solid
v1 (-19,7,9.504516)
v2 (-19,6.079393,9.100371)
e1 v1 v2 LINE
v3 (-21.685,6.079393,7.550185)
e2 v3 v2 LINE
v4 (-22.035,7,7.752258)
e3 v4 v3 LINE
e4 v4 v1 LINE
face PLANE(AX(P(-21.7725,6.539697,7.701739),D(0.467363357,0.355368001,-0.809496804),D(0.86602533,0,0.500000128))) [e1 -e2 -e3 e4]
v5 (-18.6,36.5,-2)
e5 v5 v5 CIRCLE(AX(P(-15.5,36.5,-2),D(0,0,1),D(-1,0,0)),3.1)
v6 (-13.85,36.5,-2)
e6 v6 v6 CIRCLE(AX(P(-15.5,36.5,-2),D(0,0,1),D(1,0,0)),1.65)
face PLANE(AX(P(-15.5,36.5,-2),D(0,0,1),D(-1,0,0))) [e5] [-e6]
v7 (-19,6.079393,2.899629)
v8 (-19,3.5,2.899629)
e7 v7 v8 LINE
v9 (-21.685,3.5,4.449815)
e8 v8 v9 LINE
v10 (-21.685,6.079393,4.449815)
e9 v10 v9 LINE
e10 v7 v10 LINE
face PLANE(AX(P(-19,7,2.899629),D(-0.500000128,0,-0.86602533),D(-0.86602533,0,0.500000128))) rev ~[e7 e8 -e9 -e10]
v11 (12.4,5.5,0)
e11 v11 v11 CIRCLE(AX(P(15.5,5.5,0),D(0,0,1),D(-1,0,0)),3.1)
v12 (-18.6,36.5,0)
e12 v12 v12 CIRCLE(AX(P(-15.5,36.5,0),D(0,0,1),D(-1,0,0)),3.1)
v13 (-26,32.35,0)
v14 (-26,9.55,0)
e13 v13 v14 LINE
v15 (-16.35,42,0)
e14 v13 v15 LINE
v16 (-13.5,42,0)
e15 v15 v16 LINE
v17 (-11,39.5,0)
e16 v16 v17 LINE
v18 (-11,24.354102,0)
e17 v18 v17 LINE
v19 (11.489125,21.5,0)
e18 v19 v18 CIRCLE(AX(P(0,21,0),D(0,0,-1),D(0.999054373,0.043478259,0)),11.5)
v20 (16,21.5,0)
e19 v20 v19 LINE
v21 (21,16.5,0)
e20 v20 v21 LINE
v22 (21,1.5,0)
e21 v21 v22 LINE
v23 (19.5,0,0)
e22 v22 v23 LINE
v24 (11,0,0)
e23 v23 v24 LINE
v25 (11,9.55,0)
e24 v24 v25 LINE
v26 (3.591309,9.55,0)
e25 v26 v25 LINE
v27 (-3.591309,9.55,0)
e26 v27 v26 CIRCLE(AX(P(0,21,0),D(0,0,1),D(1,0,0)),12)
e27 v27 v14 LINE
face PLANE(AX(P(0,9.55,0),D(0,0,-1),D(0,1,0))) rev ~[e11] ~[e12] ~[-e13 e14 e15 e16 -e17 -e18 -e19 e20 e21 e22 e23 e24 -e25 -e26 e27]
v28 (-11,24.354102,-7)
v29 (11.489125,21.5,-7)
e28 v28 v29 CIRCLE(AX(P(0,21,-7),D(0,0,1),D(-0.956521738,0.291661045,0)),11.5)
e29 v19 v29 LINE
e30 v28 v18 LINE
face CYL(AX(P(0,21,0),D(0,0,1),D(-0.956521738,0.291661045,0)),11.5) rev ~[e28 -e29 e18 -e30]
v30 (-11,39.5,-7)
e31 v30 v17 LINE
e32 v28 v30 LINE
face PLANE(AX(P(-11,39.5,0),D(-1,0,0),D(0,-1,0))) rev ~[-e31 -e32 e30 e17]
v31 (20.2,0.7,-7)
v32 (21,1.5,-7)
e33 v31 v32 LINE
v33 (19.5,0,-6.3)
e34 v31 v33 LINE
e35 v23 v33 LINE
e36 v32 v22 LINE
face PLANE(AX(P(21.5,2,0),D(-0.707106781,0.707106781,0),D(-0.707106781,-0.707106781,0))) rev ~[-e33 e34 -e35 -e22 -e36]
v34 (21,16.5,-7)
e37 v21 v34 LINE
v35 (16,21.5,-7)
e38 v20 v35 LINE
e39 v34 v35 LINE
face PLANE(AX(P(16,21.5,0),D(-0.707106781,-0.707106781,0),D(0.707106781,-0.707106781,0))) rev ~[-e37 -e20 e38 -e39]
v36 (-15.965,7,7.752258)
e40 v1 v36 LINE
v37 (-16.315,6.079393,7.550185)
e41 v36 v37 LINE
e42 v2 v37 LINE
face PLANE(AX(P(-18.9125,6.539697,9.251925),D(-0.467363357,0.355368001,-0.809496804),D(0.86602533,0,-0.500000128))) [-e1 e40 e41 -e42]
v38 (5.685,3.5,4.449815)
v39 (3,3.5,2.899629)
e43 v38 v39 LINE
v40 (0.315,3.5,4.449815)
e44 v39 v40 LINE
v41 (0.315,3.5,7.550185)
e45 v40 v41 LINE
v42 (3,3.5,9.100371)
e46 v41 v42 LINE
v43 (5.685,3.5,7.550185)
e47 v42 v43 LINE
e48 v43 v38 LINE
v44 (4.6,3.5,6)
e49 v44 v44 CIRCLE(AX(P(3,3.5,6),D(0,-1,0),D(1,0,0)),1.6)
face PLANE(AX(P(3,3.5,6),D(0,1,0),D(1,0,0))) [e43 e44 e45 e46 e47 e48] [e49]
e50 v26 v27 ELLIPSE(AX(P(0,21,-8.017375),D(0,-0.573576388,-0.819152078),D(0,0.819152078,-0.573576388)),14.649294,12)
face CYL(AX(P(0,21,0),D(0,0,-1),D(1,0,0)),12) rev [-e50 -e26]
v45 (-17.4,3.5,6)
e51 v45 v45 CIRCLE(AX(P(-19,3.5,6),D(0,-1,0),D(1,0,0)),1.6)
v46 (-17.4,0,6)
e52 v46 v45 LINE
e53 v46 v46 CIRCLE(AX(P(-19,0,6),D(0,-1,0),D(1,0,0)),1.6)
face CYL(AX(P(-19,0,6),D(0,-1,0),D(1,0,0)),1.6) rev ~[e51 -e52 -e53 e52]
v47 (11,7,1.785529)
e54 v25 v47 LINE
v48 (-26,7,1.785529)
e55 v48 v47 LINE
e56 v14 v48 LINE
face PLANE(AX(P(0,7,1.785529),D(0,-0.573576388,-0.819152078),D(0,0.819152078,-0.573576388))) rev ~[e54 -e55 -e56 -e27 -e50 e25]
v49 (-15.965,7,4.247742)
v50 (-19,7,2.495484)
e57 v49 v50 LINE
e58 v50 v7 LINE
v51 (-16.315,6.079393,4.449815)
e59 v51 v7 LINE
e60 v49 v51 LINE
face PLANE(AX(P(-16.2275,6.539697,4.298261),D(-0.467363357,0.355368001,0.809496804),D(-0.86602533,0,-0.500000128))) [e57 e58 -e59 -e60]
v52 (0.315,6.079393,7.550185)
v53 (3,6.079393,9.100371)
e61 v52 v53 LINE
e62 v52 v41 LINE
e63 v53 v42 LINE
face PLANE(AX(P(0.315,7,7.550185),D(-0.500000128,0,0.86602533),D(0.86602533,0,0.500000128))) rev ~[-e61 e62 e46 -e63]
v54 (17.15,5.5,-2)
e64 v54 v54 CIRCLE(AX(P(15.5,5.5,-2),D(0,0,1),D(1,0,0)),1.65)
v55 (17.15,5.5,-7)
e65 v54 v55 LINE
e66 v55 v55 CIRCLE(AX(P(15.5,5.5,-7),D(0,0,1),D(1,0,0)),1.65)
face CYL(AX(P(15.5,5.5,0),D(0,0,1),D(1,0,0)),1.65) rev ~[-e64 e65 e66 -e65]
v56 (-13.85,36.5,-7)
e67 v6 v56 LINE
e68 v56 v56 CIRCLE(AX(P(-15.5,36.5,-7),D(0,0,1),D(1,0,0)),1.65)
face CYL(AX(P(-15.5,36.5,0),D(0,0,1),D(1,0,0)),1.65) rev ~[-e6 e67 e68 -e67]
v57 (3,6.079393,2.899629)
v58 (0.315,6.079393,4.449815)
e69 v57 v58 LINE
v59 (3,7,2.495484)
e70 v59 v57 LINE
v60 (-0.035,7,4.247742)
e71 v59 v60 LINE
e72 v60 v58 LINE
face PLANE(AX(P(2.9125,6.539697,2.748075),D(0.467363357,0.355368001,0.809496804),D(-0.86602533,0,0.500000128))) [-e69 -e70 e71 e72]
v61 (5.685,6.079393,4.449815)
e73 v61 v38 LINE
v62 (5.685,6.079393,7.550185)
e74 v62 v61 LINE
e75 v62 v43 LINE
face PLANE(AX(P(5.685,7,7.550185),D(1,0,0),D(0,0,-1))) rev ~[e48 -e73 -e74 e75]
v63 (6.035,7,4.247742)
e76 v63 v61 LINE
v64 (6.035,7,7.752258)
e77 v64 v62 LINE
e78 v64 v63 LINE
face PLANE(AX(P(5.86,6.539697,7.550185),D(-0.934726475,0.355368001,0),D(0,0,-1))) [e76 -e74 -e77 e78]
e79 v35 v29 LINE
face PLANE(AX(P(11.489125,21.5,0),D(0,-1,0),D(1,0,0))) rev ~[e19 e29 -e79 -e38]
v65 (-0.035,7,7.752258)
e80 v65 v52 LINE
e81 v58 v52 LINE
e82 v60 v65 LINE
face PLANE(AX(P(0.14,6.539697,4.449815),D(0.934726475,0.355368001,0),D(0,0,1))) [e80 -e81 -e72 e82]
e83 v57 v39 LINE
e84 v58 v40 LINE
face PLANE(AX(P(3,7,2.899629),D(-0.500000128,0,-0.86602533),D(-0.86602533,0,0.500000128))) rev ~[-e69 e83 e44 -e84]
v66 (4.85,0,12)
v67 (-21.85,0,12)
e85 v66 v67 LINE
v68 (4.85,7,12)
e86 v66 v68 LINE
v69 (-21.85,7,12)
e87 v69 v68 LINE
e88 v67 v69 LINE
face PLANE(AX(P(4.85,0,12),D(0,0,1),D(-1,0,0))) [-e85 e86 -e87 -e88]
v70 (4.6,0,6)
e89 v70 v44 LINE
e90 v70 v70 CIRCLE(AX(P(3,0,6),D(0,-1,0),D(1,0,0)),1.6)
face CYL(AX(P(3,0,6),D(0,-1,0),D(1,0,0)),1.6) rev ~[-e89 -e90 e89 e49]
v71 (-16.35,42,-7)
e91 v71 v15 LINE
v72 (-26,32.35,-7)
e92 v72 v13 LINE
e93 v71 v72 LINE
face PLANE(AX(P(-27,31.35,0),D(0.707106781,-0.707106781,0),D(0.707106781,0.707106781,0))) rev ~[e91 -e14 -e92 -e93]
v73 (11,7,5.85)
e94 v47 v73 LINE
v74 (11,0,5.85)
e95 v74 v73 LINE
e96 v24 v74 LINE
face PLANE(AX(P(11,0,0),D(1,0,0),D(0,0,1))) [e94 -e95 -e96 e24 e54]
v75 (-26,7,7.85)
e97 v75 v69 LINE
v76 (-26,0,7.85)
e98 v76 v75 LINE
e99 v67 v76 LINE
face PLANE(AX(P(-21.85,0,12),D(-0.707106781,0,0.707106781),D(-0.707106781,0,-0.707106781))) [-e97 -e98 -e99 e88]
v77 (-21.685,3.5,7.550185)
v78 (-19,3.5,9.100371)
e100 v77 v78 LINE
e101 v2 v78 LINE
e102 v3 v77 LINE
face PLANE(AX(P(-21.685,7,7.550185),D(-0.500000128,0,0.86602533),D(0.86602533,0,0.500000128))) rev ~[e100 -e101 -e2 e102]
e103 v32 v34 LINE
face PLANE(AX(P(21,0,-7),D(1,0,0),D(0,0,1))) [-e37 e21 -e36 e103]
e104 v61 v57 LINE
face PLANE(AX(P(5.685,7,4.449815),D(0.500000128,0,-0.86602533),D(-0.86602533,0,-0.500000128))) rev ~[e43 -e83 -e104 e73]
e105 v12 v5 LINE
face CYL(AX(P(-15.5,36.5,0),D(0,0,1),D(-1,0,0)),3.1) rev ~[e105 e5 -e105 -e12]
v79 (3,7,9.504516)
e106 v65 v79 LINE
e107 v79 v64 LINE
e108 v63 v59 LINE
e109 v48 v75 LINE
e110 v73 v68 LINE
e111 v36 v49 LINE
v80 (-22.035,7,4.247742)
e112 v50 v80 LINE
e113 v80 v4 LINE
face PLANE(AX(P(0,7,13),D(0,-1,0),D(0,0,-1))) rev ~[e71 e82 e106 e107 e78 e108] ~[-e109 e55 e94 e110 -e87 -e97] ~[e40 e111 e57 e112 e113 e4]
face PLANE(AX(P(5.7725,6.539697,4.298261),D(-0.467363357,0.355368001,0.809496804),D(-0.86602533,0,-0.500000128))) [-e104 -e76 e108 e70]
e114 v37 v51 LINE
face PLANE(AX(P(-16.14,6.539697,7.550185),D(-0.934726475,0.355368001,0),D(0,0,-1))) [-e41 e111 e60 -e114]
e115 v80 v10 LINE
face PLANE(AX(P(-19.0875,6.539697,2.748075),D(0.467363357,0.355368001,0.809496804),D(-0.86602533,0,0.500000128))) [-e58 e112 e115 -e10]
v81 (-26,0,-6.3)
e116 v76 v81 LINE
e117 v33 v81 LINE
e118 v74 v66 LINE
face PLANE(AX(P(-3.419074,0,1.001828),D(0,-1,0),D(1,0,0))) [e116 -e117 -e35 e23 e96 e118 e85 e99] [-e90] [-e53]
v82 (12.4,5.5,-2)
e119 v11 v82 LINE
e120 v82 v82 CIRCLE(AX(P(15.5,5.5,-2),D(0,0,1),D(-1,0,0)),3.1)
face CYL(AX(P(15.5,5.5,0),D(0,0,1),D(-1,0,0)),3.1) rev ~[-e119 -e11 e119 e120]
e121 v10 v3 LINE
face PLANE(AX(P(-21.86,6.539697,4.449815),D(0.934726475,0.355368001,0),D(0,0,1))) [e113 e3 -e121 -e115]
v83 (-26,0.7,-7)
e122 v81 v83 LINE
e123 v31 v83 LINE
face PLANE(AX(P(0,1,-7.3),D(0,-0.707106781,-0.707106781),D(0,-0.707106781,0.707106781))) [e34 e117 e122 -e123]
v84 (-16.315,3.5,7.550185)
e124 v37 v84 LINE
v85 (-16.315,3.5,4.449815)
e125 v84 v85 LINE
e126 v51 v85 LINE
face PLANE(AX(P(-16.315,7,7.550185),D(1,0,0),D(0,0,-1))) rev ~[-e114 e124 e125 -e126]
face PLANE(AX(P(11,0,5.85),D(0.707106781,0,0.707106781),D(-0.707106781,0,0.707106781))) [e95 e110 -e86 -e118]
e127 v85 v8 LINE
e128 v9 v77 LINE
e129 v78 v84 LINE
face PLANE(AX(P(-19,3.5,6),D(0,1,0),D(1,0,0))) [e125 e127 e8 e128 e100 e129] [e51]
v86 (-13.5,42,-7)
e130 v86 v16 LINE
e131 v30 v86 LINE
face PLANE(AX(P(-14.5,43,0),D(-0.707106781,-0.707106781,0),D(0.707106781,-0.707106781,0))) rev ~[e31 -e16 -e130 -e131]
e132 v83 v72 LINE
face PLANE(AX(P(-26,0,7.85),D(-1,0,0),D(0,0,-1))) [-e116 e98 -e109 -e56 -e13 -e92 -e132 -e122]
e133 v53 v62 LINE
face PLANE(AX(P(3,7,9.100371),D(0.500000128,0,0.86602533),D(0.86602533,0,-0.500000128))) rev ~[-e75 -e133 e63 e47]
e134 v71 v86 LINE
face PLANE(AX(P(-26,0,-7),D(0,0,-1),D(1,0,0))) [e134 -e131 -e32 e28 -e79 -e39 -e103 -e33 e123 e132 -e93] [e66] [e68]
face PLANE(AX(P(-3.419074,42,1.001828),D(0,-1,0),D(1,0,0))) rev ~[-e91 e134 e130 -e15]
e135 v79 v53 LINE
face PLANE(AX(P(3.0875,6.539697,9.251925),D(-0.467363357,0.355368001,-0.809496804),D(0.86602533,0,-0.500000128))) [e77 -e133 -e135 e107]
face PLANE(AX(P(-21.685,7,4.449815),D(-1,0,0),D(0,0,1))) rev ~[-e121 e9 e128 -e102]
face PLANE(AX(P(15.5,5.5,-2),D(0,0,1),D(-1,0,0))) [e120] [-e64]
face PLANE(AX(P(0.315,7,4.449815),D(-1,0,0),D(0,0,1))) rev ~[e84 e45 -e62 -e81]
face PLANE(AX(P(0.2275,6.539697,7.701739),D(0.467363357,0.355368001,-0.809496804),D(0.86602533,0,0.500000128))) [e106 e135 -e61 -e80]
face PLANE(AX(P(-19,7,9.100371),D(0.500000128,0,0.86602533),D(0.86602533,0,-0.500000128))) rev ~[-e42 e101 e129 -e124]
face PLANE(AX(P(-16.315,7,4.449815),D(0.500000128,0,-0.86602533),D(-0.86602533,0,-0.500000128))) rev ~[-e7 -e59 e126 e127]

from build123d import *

# Parameters (mm, degrees)
SKETCH_R             = 1.6
PAD_DEPTH            = 42
SKETCH001_R          = 1.65
POCKET_DEPTH         = 7.001
POCKET_DEPTH_BACK    = 12.001
POCKET001_DEPTH      = 26.001
POCKET001_DEPTH_BACK = 21.001
POCKET002_DEPTH      = 3.5
CHAMFER_ANGLE        = 69.184
CHAMFER_SIZE         = 0.35
SKETCH004_R          = 3.1
POCKET003_DEPTH      = 2
SKETCH005_R          = 12
POCKET004_DEPTH      = 12.001


with BuildPart() as part:
    # Sketch → Pad (new body)
    with BuildSketch(Plane.XZ):
        Polygon((-26, -7), (21, -7), (21, 0), (11, 0), (11, 5.85), (4.85, 12), (-21.85, 12), (-26, 7.85), align=None)
        with Locations((-19, 6)):
            Circle(SKETCH_R, mode=Mode.SUBTRACT)
        with Locations((3, 6)):
            Circle(SKETCH_R, mode=Mode.SUBTRACT)
    extrude(amount=-PAD_DEPTH)

    # Sketch001 → Pocket (cut, two sides)
    with BuildSketch(Plane.XY) as pocket_sk:
        with Locations((-15.5, 36.5)):
            Circle(SKETCH001_R)
        with Locations((15.5, 5.5)):
            Circle(SKETCH001_R)
        with BuildLine():
            Line((-27, 31.35), (-15.35, 43))
            Line((-15.35, 43), (-14.5, 43))
            Line((-14.5, 43), (-11, 39.5))
            Line((-11, 39.5), (-11, 24.354102))
            ThreePointArc((-11, 24.354102), (-1.447855, 9.591507), (11.489125, 21.5))
            Line((11.489125, 21.5), (16, 21.5))
            Line((16, 21.5), (22, 15.5))
            Line((22, 15.5), (22, 44))
            Line((22, 44), (-27, 44))
            Line((-27, 44), (-27, 31.35))
        make_face()
        Polygon((21.5, 2), (19.5, 0), (21.5, 0), align=None)
    extrude(amount=-POCKET_DEPTH, mode=Mode.SUBTRACT)
    extrude(pocket_sk.sketch, amount=POCKET_DEPTH_BACK, mode=Mode.SUBTRACT)

    # Sketch002 → Pocket001 (cut, two sides)
    with BuildSketch(Plane.YZ) as pocket001_sk:
        Polygon((7, 13), (7, 1.785529), (9.55, 0), (43, 0), (43, 13), align=None)
        Polygon((0, -7.3), (1, -7.3), (0, -6.3), align=None)
    extrude(amount=-POCKET001_DEPTH, mode=Mode.SUBTRACT)
    extrude(pocket001_sk.sketch, amount=POCKET001_DEPTH_BACK, mode=Mode.SUBTRACT)

    # Sketch003 (on Face18 of Pocket001) → Pocket002 (cut)
    with BuildSketch(Plane(origin=(0, 7, 0), x_dir=(1, 0, 0), z_dir=(0, 1, 0))):
        Polygon((-16.315, -4.449815), (-19, -2.899629), (-21.685, -4.449815), (-21.685, -7.550185), (-19, -9.100371), (-16.315, -7.550185), align=None)
        Polygon((5.685, -4.449815), (3, -2.899629), (0.315, -4.449815), (0.315, -7.550185), (3, -9.100371), (5.685, -7.550185), align=None)
    extrude(amount=-POCKET002_DEPTH, mode=Mode.SUBTRACT)

    # Chamfer
    chamfer_edges = [part.edges().sort_by_distance(p)[0] for p in [
        (-16.315, 7, 6),
        (-17.6575, 7, 3.674722),
        (-20.3425, 7, 3.674722),
        (-21.685, 7, 6),
        (-20.3425, 7, 8.325278),
        (-17.6575, 7, 8.325278),
        (1.6575, 7, 8.325278),
        (4.3425, 7, 8.325278),
        (5.685, 7, 6),
        (4.3425, 7, 3.674722),
        (1.6575, 7, 3.674722),
        (0.315, 7, 6),
    ]]
    chamfer_side = part.faces().sort_by_distance((-7.961685, 7, 6.742023))[0]
    chamfer(chamfer_edges, length=CHAMFER_SIZE, angle=CHAMFER_ANGLE, reference=chamfer_side)

    # Sketch004 (on Face28 of Chamfer) → Pocket003 (cut)
    with BuildSketch(Plane(origin=(0, 0, 0), x_dir=(-1, 0, 0), z_dir=(0, 0, 1))):
        with Locations((-15.5, -5.5)):
            Circle(SKETCH004_R)
        with Locations((15.5, -36.5)):
            Circle(SKETCH004_R)
    extrude(amount=-POCKET003_DEPTH, mode=Mode.SUBTRACT)

    # Sketch005 → Pocket004 (cut, through all)
    with BuildSketch(Plane.XY):
        with Locations((0, 21)):
            Circle(SKETCH005_R)
    extrude(amount=POCKET004_DEPTH, mode=Mode.SUBTRACT)


solid = part.part
